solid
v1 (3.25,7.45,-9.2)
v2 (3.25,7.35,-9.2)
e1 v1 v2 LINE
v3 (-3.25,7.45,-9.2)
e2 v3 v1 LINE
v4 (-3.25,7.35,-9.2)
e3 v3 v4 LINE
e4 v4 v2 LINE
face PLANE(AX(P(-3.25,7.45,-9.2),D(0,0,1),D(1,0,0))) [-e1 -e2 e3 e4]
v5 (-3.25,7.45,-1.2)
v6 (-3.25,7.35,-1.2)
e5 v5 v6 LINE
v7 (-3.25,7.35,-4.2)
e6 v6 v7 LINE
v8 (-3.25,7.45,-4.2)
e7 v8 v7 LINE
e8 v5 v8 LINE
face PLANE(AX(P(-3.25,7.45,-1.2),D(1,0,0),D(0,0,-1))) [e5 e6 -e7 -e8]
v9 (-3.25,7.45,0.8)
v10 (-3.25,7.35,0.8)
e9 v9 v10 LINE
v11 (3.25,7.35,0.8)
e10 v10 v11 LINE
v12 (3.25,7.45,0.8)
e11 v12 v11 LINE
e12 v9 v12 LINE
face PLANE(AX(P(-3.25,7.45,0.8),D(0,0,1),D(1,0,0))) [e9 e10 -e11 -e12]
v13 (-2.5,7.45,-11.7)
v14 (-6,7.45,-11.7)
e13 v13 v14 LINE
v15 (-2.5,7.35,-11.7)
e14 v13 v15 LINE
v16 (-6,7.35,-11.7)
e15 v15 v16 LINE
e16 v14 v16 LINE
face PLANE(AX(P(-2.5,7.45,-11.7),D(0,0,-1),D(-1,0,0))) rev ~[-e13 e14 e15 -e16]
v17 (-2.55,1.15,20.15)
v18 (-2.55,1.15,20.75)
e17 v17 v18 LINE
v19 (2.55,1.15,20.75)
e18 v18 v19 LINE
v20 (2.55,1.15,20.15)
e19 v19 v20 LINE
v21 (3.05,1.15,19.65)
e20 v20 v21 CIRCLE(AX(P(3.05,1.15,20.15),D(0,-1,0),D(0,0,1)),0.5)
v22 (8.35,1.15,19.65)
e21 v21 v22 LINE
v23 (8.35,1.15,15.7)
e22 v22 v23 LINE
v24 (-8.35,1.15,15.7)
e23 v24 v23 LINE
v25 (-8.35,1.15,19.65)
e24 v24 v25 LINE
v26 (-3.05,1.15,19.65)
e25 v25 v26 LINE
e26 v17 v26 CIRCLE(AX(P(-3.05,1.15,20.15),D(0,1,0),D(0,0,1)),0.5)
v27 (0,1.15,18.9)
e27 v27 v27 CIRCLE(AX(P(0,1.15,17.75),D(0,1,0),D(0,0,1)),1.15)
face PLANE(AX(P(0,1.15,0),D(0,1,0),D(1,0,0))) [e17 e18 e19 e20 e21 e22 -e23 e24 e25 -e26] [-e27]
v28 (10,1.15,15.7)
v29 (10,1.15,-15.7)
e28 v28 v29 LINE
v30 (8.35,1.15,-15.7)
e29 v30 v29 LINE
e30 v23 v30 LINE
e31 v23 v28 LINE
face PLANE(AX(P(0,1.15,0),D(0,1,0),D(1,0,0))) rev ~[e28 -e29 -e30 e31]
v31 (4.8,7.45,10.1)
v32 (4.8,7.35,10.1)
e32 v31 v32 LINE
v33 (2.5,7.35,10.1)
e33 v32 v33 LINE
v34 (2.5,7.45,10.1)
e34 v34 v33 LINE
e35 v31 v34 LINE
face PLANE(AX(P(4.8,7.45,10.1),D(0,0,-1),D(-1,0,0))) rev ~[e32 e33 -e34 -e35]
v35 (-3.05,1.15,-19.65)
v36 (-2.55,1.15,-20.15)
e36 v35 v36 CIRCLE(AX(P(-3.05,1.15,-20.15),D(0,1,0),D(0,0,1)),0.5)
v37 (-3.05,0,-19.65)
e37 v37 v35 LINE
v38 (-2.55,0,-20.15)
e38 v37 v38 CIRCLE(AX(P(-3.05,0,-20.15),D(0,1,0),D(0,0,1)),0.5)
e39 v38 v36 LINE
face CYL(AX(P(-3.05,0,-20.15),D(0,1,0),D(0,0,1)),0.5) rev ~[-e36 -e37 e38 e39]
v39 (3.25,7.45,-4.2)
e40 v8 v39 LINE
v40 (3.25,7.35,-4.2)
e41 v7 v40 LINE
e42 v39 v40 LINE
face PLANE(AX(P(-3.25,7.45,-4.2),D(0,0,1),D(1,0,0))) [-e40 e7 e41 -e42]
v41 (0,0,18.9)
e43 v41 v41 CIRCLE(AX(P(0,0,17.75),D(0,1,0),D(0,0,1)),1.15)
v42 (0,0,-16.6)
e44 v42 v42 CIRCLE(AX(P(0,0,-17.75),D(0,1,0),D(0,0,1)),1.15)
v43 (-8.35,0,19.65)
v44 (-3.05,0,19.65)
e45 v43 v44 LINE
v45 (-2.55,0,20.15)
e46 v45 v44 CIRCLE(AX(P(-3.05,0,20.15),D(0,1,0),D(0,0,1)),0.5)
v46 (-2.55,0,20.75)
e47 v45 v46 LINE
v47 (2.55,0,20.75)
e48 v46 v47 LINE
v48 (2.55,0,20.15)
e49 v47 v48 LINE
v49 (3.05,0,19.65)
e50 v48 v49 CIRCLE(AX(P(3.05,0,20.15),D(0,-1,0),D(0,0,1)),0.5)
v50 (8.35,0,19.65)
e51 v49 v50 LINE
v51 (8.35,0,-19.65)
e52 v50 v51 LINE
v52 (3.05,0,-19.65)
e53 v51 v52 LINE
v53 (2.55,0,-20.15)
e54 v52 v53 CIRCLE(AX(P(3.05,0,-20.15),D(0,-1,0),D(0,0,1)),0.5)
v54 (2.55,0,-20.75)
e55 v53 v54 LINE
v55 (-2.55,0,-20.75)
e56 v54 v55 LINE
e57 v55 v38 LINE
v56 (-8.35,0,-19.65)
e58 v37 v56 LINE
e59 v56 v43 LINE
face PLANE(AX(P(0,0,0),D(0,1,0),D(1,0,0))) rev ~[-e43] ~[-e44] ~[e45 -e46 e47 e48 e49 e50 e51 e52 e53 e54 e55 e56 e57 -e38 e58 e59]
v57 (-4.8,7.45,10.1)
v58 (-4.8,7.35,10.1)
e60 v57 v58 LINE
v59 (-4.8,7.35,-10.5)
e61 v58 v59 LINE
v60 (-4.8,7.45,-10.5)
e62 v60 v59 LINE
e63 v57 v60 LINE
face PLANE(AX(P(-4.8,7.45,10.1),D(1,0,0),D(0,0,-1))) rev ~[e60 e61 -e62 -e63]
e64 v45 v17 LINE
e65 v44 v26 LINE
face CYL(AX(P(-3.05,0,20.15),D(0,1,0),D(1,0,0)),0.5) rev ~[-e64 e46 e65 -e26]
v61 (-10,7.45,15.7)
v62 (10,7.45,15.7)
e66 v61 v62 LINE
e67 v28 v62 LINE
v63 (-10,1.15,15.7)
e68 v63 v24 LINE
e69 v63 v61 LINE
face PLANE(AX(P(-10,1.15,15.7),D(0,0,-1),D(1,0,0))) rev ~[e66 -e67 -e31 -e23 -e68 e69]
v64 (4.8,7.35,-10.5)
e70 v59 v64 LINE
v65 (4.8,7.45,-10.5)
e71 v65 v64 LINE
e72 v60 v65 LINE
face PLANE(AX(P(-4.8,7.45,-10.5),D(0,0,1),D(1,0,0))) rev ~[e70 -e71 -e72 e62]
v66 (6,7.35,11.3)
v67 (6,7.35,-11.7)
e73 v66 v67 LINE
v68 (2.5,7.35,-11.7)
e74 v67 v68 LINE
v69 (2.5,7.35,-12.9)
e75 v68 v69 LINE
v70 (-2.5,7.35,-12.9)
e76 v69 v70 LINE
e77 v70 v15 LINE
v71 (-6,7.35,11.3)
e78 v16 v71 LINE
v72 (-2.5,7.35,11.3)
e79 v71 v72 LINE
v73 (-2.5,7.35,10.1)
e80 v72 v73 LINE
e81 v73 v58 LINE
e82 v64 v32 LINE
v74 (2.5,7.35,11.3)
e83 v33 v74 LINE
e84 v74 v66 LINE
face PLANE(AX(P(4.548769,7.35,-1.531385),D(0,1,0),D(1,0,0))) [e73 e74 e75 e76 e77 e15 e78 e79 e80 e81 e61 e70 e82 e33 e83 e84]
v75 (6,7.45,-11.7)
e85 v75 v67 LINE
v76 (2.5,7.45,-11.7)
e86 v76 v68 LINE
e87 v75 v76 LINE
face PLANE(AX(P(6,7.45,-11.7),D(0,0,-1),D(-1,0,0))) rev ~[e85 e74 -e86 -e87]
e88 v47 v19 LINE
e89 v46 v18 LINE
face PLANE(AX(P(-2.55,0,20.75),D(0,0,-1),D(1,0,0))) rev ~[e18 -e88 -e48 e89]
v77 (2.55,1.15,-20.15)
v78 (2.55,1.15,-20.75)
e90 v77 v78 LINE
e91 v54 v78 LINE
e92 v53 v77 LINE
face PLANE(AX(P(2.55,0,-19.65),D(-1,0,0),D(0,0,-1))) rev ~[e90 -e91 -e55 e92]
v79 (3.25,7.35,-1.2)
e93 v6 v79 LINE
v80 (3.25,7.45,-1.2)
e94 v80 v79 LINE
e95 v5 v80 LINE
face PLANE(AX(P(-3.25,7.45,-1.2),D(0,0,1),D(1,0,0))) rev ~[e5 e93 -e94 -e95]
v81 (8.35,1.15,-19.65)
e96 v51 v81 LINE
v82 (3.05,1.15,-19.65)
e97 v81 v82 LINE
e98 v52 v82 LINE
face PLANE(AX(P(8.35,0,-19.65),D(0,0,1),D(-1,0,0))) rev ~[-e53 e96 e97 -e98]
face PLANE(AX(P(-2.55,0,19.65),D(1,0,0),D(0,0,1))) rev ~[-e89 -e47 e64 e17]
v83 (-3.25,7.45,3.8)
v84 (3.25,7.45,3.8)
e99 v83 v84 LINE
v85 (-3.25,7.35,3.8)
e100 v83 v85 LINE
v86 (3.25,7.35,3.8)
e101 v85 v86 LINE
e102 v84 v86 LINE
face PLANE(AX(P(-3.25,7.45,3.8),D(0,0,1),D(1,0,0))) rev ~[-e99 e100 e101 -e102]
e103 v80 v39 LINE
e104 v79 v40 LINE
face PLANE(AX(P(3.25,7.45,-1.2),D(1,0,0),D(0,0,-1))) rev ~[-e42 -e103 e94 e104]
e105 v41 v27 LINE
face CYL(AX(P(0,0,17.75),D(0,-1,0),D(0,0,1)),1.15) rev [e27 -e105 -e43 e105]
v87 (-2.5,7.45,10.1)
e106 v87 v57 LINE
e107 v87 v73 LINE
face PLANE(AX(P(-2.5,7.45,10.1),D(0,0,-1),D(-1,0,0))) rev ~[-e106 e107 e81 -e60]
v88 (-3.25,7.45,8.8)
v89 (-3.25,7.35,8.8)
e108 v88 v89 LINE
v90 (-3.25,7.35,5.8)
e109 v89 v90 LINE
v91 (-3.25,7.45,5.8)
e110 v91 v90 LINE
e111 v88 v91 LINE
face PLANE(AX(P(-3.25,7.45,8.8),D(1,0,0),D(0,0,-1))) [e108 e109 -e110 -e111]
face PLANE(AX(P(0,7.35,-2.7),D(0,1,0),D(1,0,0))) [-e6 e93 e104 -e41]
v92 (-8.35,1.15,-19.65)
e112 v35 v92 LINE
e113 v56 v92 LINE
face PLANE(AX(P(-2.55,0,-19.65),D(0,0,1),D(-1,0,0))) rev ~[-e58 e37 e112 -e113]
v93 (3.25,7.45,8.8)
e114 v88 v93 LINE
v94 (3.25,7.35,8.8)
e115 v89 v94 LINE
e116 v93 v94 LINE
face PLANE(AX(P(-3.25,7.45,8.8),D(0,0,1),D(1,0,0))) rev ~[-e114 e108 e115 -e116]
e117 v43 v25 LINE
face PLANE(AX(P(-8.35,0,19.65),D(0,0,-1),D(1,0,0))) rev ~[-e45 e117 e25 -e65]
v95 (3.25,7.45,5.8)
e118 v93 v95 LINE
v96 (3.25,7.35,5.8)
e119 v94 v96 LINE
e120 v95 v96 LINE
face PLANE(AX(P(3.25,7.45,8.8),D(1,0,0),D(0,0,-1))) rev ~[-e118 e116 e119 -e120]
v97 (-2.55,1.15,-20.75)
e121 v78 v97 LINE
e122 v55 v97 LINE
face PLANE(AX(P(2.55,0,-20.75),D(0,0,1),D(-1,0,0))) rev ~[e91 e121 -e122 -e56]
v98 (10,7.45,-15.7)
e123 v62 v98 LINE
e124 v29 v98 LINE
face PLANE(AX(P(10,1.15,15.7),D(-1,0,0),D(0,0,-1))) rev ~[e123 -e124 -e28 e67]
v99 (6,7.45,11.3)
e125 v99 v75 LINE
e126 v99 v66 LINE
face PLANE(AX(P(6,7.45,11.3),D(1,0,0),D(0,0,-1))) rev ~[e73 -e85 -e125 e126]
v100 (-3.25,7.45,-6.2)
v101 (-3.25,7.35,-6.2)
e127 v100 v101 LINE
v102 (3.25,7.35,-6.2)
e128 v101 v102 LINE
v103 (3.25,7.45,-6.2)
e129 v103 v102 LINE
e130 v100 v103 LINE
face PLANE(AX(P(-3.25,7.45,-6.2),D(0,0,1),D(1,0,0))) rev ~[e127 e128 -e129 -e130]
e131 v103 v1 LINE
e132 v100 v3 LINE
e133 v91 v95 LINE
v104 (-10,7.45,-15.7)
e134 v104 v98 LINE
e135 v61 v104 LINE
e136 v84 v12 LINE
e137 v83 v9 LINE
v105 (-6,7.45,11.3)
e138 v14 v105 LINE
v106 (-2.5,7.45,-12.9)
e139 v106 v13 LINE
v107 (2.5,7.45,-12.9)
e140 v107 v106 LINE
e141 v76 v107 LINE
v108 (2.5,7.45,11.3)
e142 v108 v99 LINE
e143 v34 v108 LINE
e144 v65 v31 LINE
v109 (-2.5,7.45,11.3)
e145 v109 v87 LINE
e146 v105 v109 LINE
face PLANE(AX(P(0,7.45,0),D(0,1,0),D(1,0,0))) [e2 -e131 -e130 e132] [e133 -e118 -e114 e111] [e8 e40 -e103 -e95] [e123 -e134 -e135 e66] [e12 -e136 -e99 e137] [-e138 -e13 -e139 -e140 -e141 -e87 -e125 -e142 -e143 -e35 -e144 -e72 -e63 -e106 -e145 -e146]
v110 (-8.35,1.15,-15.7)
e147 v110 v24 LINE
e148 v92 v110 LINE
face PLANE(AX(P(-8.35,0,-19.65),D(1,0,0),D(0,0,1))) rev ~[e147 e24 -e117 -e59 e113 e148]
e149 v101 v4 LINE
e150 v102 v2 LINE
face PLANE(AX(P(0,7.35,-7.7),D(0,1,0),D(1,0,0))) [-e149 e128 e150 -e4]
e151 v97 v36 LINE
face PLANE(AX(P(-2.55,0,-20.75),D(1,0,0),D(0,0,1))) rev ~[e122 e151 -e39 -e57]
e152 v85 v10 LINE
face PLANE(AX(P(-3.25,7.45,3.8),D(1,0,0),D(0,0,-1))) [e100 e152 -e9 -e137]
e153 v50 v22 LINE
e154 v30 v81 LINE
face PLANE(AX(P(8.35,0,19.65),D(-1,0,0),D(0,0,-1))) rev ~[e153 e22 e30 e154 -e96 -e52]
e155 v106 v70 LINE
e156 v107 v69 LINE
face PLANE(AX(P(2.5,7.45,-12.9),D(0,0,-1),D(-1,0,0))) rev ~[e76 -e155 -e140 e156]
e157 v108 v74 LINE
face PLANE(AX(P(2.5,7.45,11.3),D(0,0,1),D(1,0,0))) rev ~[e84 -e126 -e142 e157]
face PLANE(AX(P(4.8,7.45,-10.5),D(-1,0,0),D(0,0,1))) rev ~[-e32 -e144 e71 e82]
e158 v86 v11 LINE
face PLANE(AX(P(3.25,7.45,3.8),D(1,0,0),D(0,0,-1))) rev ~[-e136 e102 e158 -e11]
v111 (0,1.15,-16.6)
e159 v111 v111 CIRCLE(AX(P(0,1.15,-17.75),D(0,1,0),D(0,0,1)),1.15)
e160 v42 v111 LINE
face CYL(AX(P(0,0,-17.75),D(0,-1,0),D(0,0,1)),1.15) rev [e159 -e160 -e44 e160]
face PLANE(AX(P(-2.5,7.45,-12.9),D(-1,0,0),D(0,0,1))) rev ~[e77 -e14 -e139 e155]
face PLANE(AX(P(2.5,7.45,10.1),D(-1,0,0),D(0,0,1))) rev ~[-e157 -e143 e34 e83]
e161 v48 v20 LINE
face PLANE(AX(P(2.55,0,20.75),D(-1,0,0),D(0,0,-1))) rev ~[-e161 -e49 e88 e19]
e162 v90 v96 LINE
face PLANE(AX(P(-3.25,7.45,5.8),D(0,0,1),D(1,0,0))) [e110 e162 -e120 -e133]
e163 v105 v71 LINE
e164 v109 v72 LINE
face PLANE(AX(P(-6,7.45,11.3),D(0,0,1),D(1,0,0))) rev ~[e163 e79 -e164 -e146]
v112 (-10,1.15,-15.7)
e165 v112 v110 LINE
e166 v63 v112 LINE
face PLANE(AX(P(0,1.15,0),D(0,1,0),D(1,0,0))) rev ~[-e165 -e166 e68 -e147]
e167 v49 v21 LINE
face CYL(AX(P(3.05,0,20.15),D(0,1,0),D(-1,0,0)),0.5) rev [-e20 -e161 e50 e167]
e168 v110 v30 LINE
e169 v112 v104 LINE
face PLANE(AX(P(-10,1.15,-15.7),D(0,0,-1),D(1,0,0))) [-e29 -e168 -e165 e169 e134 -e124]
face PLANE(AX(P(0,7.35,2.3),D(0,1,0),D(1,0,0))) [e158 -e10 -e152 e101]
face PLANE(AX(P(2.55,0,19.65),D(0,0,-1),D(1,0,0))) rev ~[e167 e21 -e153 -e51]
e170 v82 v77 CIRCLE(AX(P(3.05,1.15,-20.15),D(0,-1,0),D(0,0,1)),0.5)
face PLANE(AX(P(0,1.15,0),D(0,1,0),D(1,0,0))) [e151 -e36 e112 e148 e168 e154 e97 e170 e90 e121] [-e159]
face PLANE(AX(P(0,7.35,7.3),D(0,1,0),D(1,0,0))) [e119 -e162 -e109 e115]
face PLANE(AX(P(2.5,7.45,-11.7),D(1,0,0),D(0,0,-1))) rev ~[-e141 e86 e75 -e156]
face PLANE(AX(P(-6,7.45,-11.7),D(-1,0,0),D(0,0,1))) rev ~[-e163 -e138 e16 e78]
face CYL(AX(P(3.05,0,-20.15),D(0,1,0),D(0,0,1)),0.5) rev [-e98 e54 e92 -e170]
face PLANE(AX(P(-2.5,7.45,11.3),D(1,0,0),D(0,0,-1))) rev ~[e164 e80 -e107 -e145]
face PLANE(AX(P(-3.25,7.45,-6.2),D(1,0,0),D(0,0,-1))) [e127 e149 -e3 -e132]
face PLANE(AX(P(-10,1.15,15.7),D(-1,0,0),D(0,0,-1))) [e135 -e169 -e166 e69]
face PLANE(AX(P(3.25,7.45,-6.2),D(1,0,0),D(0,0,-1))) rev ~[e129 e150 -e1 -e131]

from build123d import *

# Parameters (mm, degrees)
ESQUISSE1_R             = 1.15
BOSS_EXTRU_1_DEPTH      = 1.15
CONG_1_R                = 0.5
ESQUISSE2_W             = 20
ESQUISSE2_H             = 31.4
BOSS_EXTRU_2_DEPTH      = 6.3
ESQUISSE4_W             = 6.5
ESQUISSE4_H             = 3
ENL_V_MAT_EXTRU_1_DEPTH = 0.1


with BuildPart() as part:
    # Esquisse1 → Boss.-Extru.1 (new body)
    with BuildSketch(Plane(origin=(0, 0, 0), x_dir=(1, 0, 0), z_dir=(0, 1, 0))):
        Polygon((-2.55, -19.65), (-2.55, -20.75), (2.55, -20.75), (2.55, -19.65), (8.35, -19.65), (8.35, 19.65), (2.55, 19.65), (2.55, 20.75), (-2.55, 20.75), (-2.55, 19.65), (-8.35, 19.65), (-8.35, -19.65), align=None)
        with Locations(Location((0, -17.75, 0), (0, 0, 270))):
            Circle(ESQUISSE1_R, mode=Mode.SUBTRACT)
        with Locations(Location((0, 17.75, 0), (0, 0, 270))):
            Circle(ESQUISSE1_R, mode=Mode.SUBTRACT)
    extrude(amount=BOSS_EXTRU_1_DEPTH)

    # Congé1
    cong_1_edges = [part.edges().sort_by_distance(p)[0] for p in [
        (-2.55, 0.575, 19.65),
        (-2.55, 0.575, -19.65),
        (2.55, 0.575, -19.65),
        (2.55, 0.575, 19.65),
    ]]
    fillet(cong_1_edges, radius=CONG_1_R)

    # Esquisse2 → Boss.-Extru.2 (add)
    with BuildSketch(Plane(origin=(0, 1.15, 0), x_dir=(1, 0, 0), z_dir=(0, 1, 0))):
        Rectangle(ESQUISSE2_W, ESQUISSE2_H)
    extrude(amount=BOSS_EXTRU_2_DEPTH)

    # Esquisse4 → Enlèv. mat.-Extru.1 (cut)
    with BuildSketch(Plane(origin=(0, 7.45, 0), x_dir=(1, 0, 0), z_dir=(0, 1, 0))):
        Polygon((0, 12.9), (0, 10.5), (4.8, 10.5), (4.8, -10.1), (2.5, -10.1), (2.5, -11.3), (6, -11.3), (6, 11.7), (2.5, 11.7), (2.5, 12.9), align=None)
        Polygon((-2.5, -11.3), (-2.5, -10.1), (-4.8, -10.1), (-4.8, 10.5), (0, 10.5), (0, 12.9), (-2.5, 12.9), (-2.5, 11.7), (-6, 11.7), (-6, -11.3), align=None)
        with Locations((0, 7.7)):
            Rectangle(ESQUISSE4_W, ESQUISSE4_H)
        with Locations((0, -2.3)):
            Rectangle(ESQUISSE4_W, ESQUISSE4_H)
        with Locations((0, -7.3)):
            Rectangle(ESQUISSE4_W, ESQUISSE4_H)
        with Locations((0, 2.7)):
            Rectangle(ESQUISSE4_W, ESQUISSE4_H)
    extrude(amount=-ENL_V_MAT_EXTRU_1_DEPTH, mode=Mode.SUBTRACT)


solid = part.part
